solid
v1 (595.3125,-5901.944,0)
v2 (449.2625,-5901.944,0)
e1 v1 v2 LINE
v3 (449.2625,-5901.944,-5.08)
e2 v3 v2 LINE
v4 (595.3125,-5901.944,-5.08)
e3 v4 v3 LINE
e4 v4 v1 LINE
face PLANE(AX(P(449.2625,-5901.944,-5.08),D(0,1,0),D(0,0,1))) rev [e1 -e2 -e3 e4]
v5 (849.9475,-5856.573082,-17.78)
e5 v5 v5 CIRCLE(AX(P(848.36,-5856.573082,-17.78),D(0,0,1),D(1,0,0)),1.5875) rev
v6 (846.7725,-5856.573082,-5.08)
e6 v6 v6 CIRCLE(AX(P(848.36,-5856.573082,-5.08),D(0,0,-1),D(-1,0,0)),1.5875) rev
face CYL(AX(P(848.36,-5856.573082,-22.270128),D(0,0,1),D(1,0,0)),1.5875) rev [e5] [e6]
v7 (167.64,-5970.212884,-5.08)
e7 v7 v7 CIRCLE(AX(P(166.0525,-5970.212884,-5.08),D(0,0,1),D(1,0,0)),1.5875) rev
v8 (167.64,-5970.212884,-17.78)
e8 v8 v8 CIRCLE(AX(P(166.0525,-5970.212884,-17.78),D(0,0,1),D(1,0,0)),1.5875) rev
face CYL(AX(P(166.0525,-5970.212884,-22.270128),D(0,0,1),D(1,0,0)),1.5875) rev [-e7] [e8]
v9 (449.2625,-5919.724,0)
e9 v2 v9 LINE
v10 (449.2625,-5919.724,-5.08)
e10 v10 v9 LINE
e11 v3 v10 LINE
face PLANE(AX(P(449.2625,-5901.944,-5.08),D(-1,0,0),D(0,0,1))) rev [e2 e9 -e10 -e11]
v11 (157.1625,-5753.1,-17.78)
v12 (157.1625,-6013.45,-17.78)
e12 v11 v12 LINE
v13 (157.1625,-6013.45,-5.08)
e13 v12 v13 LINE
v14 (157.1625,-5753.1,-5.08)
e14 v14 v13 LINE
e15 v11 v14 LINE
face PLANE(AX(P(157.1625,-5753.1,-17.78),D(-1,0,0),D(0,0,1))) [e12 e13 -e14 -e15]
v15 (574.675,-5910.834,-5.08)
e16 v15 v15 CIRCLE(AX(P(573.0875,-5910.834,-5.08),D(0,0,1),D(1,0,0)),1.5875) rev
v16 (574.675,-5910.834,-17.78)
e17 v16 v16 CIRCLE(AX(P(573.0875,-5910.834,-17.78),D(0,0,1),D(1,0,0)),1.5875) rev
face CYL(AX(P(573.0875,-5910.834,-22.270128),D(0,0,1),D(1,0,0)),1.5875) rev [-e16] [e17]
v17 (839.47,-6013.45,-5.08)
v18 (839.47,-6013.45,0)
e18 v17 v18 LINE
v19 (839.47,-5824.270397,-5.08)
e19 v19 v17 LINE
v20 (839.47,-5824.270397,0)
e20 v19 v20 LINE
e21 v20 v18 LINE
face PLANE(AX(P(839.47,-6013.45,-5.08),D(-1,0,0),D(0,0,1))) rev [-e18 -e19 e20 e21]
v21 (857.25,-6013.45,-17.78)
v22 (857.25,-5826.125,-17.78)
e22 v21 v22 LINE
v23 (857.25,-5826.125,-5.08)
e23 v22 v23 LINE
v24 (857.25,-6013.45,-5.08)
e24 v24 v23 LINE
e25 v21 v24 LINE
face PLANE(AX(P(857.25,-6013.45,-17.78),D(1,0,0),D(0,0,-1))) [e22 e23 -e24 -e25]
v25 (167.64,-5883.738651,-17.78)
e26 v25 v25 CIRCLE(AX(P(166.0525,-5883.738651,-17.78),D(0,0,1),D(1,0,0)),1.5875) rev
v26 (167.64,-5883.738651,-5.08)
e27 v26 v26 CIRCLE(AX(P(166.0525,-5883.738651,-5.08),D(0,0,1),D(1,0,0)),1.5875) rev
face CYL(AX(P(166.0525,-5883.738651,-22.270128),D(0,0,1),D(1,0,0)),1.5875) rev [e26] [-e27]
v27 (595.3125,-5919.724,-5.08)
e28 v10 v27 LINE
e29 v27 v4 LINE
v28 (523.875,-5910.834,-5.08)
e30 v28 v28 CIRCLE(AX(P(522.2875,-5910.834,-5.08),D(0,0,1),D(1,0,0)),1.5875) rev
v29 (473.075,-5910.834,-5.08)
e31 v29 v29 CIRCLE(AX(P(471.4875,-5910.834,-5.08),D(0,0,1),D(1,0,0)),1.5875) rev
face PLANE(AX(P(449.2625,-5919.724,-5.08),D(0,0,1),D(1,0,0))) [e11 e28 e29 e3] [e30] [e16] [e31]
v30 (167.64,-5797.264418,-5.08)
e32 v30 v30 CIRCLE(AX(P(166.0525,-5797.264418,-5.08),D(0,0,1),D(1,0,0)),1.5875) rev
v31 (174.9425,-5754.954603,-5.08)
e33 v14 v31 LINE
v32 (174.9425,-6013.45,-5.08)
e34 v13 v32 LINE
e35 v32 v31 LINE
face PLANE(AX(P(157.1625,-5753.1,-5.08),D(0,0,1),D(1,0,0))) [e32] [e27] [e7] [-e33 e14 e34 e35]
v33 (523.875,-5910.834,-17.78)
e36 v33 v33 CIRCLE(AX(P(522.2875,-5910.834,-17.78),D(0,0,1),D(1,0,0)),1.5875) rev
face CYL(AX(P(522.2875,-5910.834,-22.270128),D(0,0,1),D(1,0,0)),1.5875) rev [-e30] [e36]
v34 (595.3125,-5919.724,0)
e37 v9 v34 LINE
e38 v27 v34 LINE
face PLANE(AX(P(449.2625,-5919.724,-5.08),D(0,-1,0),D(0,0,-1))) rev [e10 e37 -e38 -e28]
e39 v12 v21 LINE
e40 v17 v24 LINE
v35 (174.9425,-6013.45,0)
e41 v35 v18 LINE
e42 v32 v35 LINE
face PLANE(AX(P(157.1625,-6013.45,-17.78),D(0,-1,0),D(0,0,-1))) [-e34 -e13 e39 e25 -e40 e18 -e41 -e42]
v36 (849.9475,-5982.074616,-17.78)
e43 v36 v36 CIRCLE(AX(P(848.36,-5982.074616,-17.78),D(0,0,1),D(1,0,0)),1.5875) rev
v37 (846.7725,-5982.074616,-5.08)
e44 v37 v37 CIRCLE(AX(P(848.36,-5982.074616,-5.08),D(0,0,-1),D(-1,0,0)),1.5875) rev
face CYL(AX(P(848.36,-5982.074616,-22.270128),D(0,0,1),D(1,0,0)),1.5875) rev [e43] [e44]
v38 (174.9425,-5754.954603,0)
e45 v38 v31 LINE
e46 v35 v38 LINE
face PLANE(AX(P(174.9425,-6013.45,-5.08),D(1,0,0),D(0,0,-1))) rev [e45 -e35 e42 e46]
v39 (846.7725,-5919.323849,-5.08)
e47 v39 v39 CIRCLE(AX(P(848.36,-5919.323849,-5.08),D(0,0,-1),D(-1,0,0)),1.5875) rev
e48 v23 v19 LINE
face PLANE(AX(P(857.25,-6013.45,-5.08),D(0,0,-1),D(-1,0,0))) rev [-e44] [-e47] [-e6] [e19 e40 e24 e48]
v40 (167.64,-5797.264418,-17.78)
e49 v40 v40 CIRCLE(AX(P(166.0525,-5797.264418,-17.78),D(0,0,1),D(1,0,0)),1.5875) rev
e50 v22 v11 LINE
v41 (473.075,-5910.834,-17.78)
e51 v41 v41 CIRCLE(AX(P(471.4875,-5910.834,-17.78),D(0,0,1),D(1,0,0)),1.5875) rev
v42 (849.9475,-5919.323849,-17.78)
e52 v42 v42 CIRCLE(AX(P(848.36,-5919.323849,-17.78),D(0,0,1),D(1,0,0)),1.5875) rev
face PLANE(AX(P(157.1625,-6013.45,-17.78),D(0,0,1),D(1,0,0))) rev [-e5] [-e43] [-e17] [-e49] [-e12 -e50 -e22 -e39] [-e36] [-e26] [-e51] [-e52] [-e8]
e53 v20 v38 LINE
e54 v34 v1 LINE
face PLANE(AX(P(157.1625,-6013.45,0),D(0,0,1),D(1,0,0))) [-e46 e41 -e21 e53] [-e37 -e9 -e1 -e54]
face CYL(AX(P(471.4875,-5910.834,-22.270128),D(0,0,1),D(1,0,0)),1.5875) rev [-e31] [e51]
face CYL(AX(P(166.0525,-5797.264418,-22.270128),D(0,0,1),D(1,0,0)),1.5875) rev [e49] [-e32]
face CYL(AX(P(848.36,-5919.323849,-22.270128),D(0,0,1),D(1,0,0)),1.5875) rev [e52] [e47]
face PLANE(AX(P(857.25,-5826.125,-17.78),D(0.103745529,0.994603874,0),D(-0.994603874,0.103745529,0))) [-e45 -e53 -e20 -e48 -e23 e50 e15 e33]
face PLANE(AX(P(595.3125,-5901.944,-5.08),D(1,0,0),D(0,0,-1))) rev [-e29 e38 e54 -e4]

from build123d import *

# Parameters (mm, degrees)
EXTRUDE3_DEPTH     = 17.78
SKETCH8_R          = 1.5875
CUT_EXTRUDE4_DEPTH = 17.78
SKETCH9_W          = 17.78
SKETCH9_H          = 260.35
SKETCH9_H_2        = 189.179603175
SKETCH9_W_2        = 146.050000002
SKETCH9_H_3        = 17.78
CUT_EXTRUDE5_DEPTH = 5.08


with BuildPart() as part:
    # Sketch7 → Extrude3 (new body)
    with BuildSketch(Plane.XY):
        Polygon((157.1625, -6013.45), (857.25, -6013.45), (857.25, -5826.125), (157.1625, -5753.1), align=None)
    extrude(amount=-EXTRUDE3_DEPTH)

    # Sketch8 → Cut-Extrude4 (cut)
    with BuildSketch(Plane.XY):
        with Locations((166.0525, -5970.212883599)):
            Circle(SKETCH8_R)
        with Locations((166.0525, -5883.738650795)):
            Circle(SKETCH8_R)
        with Locations((166.0525, -5797.264417991)):
            Circle(SKETCH8_R)
        with Locations((848.36, -5982.074616401)):
            Circle(SKETCH8_R)
        with Locations((848.36, -5919.323849205)):
            Circle(SKETCH8_R)
        with Locations((848.36, -5856.573082009)):
            Circle(SKETCH8_R)
        with Locations((471.4875, -5910.834)):
            Circle(SKETCH8_R)
        with Locations((522.2875, -5910.834)):
            Circle(SKETCH8_R)
        with Locations((573.0875, -5910.834)):
            Circle(SKETCH8_R)
    extrude(amount=-CUT_EXTRUDE4_DEPTH, mode=Mode.SUBTRACT)

    # Sketch9 → Cut-Extrude5 (cut)
    with BuildSketch(Plane.XY):
        with Locations((166.0525, -5883.275)):
            Rectangle(SKETCH9_W, SKETCH9_H)
        with Locations((848.36, -5918.860198413)):
            Rectangle(SKETCH9_W, SKETCH9_H_2)
        with Locations((522.2875, -5910.834)):
            Rectangle(SKETCH9_W_2, SKETCH9_H_3)
    extrude(amount=-CUT_EXTRUDE5_DEPTH, mode=Mode.SUBTRACT)


solid = part.part
